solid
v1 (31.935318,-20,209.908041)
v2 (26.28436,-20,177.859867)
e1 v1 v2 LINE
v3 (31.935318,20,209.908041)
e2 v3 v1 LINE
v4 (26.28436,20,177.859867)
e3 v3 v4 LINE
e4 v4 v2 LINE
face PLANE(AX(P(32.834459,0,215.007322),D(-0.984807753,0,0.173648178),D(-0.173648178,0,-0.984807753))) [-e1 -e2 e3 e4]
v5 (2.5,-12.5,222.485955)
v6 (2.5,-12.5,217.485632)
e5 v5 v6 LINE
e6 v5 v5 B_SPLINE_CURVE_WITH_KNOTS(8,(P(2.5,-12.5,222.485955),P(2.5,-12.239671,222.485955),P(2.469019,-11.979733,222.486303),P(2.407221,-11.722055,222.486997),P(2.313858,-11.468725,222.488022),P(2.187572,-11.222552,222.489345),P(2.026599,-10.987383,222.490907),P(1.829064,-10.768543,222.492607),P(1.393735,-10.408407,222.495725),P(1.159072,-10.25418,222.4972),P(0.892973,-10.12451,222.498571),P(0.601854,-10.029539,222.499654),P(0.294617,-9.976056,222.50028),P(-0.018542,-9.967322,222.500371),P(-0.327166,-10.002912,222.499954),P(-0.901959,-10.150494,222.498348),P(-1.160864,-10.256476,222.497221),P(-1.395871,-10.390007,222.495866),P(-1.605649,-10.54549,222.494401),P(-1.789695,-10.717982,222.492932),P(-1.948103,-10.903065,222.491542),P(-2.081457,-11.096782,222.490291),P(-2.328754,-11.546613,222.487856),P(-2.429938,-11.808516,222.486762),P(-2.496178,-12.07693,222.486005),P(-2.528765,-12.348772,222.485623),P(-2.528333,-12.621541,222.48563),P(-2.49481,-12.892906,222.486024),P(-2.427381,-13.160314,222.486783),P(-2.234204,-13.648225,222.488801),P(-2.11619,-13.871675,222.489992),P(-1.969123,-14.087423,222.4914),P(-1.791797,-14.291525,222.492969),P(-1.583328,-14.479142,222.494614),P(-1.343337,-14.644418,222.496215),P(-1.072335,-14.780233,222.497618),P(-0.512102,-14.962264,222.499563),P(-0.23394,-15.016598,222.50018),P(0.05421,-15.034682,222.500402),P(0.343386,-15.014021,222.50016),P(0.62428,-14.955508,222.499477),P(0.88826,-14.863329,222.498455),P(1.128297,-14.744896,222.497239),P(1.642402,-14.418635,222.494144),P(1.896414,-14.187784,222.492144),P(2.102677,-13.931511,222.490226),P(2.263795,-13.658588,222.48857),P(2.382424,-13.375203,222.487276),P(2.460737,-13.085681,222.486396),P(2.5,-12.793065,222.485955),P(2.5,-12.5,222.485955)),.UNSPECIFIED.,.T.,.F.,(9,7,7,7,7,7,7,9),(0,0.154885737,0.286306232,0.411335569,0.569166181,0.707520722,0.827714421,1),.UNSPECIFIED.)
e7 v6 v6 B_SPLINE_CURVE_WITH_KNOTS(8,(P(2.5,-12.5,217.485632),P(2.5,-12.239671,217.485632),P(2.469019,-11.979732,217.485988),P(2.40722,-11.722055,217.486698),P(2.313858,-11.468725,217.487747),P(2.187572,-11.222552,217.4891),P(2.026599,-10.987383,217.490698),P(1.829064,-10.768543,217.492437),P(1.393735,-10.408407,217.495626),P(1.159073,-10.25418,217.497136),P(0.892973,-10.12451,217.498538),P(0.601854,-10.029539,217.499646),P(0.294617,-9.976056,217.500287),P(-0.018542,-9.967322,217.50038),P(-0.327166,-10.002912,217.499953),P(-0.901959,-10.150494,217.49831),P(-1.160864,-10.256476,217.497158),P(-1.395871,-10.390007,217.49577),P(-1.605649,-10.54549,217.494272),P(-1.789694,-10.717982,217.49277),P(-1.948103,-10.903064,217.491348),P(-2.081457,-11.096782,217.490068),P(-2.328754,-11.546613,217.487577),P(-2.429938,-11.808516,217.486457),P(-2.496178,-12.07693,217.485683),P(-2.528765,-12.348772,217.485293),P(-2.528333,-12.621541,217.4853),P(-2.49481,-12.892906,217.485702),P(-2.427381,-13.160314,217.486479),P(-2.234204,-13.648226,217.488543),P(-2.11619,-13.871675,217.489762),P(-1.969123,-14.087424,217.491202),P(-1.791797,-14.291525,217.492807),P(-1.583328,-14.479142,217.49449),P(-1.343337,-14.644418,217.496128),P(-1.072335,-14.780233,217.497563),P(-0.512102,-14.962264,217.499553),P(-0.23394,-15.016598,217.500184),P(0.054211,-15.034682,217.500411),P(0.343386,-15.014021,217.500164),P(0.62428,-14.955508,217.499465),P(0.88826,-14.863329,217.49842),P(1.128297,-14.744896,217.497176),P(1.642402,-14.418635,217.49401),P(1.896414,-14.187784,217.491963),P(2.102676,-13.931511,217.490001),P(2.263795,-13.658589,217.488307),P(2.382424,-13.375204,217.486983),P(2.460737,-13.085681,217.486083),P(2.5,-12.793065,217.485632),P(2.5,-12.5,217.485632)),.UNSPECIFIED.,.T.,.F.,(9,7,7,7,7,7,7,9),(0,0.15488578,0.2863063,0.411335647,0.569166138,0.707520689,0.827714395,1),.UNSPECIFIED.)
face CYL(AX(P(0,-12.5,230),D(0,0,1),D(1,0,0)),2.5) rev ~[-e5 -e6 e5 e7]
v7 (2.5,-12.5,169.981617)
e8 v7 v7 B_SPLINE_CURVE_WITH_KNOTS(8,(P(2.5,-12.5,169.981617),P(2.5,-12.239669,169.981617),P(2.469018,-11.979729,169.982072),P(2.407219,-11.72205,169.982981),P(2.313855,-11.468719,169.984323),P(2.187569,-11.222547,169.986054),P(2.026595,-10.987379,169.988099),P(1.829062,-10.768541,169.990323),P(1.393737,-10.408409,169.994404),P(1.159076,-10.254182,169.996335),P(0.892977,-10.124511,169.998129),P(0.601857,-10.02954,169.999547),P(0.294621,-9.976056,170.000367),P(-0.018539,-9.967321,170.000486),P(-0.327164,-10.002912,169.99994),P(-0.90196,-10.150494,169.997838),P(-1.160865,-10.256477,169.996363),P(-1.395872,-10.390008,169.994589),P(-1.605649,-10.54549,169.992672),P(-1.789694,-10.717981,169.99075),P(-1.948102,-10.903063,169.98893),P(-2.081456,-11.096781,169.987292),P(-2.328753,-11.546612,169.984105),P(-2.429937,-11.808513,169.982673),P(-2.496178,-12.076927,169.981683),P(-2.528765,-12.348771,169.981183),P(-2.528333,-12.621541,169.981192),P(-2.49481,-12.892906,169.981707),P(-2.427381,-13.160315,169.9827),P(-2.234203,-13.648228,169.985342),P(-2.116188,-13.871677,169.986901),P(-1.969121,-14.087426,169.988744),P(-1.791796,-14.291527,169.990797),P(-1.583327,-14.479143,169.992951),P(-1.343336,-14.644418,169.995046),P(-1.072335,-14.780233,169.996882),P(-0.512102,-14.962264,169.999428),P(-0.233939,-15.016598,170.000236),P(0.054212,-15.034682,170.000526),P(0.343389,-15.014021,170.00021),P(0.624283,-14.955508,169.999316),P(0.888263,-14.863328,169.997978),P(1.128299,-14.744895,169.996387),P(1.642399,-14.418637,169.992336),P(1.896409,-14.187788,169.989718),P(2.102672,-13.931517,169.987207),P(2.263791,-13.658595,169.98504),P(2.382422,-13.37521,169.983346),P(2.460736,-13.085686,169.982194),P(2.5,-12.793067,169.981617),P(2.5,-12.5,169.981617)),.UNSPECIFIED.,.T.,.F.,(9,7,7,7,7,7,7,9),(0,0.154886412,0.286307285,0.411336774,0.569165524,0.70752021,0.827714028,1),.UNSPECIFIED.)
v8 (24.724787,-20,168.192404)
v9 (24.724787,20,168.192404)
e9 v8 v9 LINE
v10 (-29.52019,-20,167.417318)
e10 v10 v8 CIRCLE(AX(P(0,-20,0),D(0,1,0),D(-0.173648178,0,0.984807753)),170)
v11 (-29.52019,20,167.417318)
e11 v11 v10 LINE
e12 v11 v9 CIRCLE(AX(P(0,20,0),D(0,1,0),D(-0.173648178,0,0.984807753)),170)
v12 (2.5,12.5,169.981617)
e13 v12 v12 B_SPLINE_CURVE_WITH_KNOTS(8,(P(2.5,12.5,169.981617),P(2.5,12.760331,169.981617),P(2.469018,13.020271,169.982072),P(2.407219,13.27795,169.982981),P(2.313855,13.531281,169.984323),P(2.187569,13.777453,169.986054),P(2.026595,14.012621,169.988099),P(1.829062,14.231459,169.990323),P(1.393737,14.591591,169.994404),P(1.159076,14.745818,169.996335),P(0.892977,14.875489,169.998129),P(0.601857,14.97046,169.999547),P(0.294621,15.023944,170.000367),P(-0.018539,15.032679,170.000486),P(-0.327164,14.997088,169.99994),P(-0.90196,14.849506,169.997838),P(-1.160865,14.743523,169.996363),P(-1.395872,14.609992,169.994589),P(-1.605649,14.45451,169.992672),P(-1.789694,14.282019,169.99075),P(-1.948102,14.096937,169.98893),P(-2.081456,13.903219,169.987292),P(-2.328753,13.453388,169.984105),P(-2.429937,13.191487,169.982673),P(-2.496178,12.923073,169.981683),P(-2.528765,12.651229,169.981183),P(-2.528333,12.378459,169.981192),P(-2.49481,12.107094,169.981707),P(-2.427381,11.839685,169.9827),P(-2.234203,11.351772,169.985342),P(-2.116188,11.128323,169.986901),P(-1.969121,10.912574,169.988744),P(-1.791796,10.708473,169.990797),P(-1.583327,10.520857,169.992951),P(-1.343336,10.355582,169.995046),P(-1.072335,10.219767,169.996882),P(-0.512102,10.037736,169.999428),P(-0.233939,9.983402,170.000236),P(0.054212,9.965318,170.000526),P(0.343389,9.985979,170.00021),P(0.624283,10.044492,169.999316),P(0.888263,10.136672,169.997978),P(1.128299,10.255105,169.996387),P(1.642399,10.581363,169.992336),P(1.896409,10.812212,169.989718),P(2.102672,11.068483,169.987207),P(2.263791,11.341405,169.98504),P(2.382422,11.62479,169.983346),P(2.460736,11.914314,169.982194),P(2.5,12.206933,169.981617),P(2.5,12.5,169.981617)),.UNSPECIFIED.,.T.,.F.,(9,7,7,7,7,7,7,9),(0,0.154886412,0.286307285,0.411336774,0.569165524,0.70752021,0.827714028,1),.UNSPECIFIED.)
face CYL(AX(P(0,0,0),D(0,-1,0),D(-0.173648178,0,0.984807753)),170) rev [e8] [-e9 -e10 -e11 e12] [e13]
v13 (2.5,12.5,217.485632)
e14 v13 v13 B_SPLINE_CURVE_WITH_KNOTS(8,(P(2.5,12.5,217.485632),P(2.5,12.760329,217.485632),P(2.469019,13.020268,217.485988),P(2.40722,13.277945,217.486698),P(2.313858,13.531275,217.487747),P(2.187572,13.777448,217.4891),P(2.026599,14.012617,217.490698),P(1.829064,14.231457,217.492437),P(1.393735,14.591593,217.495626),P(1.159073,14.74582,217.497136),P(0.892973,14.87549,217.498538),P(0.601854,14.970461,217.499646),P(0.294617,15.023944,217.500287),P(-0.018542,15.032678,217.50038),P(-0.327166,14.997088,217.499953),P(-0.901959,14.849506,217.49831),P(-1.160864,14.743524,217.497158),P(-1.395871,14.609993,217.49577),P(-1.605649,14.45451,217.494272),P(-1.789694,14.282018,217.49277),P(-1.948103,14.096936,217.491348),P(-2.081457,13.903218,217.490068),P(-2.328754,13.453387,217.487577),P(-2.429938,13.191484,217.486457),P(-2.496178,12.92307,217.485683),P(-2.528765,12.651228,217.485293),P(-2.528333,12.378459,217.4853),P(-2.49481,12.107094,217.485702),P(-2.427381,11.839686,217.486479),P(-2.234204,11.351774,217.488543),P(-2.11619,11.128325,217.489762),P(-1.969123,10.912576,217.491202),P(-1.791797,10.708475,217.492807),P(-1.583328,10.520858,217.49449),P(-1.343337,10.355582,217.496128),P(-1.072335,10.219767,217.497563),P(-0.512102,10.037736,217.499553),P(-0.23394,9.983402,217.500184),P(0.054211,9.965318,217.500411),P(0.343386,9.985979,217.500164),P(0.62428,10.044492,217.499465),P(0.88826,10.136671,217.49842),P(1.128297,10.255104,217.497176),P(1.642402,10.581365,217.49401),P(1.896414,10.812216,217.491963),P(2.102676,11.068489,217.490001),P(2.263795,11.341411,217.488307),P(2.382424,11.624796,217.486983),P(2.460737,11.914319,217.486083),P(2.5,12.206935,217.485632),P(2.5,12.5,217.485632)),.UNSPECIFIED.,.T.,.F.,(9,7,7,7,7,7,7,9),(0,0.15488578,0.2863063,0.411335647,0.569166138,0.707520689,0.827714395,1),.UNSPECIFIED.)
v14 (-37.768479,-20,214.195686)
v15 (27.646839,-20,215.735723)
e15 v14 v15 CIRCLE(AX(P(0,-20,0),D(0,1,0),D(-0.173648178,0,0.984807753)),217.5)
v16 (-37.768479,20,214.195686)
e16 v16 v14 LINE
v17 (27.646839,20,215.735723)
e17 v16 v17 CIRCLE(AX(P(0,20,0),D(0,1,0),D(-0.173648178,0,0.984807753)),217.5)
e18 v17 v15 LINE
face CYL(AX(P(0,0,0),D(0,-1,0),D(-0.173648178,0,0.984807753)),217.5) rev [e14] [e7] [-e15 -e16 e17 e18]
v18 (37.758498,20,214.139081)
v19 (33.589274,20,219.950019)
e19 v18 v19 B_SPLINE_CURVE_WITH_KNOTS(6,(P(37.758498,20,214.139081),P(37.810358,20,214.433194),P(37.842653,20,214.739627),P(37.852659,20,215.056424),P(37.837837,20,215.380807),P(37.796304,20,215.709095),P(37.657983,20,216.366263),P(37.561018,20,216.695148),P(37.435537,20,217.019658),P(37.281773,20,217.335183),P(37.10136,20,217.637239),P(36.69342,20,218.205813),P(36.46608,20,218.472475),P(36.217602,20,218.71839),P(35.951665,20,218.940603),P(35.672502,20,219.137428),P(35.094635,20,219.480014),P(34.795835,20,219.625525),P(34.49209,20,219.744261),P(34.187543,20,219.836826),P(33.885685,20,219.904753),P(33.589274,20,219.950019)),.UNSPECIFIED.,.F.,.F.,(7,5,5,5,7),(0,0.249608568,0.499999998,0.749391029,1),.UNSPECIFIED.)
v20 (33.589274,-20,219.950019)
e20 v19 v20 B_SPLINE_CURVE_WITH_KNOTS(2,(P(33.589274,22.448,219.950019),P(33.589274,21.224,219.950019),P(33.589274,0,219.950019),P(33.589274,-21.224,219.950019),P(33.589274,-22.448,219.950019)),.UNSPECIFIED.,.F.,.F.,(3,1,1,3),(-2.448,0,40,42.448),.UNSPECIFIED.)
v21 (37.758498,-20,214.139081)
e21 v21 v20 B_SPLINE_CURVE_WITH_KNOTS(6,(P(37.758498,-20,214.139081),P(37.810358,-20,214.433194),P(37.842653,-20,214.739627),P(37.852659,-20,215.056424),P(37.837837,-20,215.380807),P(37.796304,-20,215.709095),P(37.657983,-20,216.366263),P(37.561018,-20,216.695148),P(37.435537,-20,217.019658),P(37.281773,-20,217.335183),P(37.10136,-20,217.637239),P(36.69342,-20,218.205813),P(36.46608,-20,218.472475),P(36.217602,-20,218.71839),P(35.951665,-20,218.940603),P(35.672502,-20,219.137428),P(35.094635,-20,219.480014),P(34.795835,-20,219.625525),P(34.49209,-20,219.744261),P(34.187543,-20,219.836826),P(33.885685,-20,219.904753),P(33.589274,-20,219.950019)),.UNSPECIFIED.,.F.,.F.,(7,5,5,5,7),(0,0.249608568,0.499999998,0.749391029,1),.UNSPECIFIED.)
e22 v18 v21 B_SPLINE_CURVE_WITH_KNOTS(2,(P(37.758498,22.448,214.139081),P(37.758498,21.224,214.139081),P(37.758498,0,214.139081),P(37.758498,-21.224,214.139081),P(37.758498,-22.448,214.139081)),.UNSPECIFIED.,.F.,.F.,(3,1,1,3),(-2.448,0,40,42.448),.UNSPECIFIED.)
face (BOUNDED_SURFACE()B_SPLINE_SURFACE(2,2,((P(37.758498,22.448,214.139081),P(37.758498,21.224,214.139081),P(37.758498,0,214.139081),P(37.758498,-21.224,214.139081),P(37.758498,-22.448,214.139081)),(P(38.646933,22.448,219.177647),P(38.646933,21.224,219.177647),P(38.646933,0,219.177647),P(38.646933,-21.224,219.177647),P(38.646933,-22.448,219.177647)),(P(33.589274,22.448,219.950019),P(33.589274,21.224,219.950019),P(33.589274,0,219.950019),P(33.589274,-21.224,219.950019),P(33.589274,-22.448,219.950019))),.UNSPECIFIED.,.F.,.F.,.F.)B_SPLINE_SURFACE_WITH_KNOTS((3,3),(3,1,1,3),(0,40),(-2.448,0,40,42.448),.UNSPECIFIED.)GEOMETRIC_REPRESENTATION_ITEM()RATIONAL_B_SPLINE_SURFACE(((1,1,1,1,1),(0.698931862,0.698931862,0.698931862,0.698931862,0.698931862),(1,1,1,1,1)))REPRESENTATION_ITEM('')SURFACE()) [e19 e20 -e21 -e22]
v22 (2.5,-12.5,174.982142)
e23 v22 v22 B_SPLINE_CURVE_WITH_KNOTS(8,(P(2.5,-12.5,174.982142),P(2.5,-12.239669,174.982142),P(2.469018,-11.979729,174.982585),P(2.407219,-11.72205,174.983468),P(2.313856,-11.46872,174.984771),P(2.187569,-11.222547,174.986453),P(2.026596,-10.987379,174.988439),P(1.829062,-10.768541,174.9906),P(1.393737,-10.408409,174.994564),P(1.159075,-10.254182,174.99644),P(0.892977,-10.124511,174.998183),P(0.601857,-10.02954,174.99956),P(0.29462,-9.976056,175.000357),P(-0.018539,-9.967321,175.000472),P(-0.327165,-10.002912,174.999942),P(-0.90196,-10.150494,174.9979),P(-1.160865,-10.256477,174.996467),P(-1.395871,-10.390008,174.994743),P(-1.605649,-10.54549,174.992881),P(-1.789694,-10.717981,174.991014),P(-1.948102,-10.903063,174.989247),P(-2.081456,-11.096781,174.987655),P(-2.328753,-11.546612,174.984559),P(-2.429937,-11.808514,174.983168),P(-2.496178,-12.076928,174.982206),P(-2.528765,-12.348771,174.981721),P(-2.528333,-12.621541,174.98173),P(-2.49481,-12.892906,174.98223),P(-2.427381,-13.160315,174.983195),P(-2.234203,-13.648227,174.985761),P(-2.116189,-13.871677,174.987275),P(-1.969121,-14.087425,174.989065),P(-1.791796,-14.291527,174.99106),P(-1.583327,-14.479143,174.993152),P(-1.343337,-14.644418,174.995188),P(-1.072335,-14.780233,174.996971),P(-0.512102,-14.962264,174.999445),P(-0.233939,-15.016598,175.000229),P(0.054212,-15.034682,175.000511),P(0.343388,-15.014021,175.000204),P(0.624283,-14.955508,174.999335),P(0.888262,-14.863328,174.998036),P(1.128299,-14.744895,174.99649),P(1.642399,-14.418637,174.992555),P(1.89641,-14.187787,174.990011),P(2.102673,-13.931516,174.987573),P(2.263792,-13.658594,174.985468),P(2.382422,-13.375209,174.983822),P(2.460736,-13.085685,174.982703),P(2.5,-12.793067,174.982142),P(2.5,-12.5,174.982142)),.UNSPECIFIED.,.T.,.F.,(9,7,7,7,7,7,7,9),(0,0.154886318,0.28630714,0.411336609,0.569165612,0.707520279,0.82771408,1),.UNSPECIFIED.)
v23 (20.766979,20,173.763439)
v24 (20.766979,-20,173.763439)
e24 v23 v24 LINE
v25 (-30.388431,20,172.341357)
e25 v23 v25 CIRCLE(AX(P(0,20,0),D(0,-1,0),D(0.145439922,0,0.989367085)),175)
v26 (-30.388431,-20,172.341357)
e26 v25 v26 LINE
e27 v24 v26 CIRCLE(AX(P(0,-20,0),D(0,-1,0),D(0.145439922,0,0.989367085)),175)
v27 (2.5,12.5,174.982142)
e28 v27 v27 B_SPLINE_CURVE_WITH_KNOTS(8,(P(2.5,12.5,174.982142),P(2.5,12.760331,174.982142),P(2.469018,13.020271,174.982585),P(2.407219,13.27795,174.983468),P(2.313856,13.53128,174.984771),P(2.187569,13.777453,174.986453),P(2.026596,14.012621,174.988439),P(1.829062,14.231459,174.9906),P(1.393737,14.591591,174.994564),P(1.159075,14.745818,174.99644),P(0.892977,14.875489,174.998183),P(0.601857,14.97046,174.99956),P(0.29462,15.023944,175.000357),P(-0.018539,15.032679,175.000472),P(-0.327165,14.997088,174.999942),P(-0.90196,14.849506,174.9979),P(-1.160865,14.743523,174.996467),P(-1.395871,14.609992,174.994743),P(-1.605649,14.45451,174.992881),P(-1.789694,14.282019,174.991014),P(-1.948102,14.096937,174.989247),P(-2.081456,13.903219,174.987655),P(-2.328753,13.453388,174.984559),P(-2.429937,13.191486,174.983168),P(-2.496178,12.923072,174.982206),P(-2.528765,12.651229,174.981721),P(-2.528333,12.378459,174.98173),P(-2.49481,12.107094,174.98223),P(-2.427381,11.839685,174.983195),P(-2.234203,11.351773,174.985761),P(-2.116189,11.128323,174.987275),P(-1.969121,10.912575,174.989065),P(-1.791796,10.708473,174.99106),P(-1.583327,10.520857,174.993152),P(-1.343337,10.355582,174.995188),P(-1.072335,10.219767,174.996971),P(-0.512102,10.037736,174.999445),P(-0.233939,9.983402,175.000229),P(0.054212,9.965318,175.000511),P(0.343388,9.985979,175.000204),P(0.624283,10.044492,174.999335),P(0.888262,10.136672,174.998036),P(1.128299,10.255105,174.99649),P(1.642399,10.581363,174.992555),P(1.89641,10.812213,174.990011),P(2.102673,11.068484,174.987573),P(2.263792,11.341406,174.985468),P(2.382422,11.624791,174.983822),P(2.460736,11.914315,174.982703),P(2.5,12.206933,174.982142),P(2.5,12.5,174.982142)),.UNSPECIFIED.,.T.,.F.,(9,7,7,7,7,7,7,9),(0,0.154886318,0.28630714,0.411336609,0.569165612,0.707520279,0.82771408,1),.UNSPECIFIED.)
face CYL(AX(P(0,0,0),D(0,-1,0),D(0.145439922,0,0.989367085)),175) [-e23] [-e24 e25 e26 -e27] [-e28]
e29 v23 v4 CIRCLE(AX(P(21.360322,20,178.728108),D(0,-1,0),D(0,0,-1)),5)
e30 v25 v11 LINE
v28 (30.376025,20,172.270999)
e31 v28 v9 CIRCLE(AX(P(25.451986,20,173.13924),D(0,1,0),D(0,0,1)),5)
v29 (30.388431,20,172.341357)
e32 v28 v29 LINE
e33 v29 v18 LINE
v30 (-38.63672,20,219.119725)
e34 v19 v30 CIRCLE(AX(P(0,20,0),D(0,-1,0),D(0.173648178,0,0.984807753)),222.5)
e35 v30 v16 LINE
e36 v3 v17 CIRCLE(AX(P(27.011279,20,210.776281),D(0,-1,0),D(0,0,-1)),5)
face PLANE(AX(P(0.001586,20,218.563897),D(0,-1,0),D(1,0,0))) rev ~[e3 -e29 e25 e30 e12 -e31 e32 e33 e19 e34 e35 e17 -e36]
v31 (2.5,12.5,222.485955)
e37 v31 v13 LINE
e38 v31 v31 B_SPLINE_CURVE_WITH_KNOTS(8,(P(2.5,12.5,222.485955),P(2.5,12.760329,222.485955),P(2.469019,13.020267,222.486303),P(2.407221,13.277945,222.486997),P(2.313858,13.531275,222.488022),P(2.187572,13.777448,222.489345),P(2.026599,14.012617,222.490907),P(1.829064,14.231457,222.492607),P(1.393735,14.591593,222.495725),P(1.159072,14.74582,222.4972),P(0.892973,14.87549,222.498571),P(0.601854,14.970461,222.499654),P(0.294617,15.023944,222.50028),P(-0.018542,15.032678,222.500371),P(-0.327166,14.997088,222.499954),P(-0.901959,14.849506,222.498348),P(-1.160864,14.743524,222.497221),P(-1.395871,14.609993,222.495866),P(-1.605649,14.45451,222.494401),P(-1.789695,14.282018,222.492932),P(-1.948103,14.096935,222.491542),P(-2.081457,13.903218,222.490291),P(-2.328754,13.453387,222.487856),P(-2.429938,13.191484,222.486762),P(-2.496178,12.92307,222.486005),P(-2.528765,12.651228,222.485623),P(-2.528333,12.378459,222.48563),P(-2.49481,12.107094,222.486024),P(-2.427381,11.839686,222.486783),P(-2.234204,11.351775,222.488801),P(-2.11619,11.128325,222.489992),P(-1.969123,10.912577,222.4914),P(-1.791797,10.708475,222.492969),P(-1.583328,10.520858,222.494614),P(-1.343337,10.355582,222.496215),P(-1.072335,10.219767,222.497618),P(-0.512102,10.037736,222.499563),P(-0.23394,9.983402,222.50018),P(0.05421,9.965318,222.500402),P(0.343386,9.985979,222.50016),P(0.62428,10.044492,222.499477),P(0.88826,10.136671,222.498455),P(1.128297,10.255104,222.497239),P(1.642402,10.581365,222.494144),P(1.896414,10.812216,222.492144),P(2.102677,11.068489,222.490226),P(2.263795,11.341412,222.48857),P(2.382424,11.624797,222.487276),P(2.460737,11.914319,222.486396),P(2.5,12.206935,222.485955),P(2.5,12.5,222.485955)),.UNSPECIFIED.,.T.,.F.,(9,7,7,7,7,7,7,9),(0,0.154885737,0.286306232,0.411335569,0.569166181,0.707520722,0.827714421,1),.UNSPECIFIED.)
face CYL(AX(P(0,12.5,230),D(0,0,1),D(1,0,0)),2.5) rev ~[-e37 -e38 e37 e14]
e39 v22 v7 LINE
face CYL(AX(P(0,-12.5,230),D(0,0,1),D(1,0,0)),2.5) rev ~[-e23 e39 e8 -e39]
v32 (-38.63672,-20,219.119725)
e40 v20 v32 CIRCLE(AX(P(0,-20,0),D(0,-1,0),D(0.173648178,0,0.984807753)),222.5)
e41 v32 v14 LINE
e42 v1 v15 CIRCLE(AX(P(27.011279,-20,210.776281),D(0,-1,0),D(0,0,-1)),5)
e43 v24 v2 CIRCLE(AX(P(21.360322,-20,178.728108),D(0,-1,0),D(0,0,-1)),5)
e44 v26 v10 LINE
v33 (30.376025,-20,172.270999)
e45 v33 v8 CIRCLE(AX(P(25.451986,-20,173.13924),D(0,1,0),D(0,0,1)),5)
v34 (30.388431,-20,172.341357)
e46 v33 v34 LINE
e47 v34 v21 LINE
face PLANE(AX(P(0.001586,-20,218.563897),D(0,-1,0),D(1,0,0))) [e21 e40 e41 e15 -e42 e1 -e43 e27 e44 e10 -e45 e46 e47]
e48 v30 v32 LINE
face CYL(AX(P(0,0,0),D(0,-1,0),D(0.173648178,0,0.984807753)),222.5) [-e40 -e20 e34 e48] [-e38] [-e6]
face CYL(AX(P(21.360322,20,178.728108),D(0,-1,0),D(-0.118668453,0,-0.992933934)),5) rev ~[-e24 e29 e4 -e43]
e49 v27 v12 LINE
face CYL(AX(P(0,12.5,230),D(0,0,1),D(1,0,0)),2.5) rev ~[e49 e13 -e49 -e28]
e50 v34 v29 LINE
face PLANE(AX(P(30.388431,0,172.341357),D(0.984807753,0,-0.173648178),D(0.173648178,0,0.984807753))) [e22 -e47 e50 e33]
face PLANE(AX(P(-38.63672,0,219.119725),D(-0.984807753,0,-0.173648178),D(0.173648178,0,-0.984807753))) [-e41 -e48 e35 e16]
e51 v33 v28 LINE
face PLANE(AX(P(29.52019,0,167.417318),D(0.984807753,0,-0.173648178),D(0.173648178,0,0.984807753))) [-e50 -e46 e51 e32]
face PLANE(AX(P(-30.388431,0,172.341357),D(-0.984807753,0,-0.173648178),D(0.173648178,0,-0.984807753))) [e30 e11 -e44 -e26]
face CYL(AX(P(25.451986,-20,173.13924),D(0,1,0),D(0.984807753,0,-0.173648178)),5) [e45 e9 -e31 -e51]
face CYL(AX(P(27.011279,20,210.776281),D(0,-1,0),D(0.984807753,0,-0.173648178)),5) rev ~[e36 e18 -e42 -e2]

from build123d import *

# Parameters (mm, degrees)
F1_DEPTH = 20
F2_R     = 5
F4_R     = 2.5
F5_DEPTH = 62.5836819879


with BuildPart() as f1:
    # F0 (on Front) → F1 (new body, symmetric)
    with BuildSketch(Plane.XZ):
        with BuildLine():
            Line((37.7684786426, 214.1956862802), (38.6367195309, 219.1197250452))
            ThreePointArc((38.6367195309, 219.1197250452), (0, 222.5), (-38.6367195309, 219.1197250452))
            Line((-38.6367195309, 219.1197250452), (-37.7684786426, 214.1956862802))
            ThreePointArc((-37.7684786426, 214.1956862802), (-2.5001651855, 217.4856298104), (32.8344587783, 215.0073215422))
            ThreePointArc((32.8344587783, 215.0073215422), (35.3038012268, 214.6156835344), (37.7684786426, 214.1956862802))
        make_face()
        with BuildLine():
            Line((30.3884310917, 172.3413567771), (37.7684786426, 214.1956862802))
            ThreePointArc((37.7684786426, 214.1956862802), (35.3038012268, 214.6156835344), (32.8344587783, 215.0073215422))
            Line((32.8344587783, 215.0073215422), (25.451986353, 173.1392398929))
            ThreePointArc((25.451986353, 173.1392398929), (27.9230587413, 172.7579311943), (30.3884310917, 172.3413567771))
        make_face()
        with BuildLine():
            Line((29.5201902034, 167.4173180121), (30.3884310917, 172.3413567771))
            ThreePointArc((30.3884310917, 172.3413567771), (27.9230587413, 172.7579311943), (25.451986353, 173.1392398929))
            ThreePointArc((25.451986353, 173.1392398929), (-2.5002551932, 174.9821382998), (-30.3884310917, 172.3413567771))
            Line((-30.3884310917, 172.3413567771), (-29.5201902034, 167.4173180121))
            ThreePointArc((-29.5201902034, 167.4173180121), (0, 170), (29.5201902034, 167.4173180121))
        make_face()
    extrude(amount=F1_DEPTH, both=True)

    # F2
    f2_edges = [f1.edges().sort_by_distance(p)[0] for p in [
        (38.63672, 0, 219.119725),
        (32.834459, 0, 215.007322),
        (29.52019, 0, 167.417318),
        (25.451986, 0, 173.13924),
    ]]
    fillet(f2_edges, radius=F2_R)

    # F4 (on offset) → F5 (cut, through all)
    with BuildSketch(Plane.XY.offset(230)):
        with Locations((0, 12.5)):
            Circle(F4_R)
        with Locations((0, -12.5)):
            Circle(F4_R)
    extrude(amount=-F5_DEPTH, mode=Mode.SUBTRACT)


solid = f1.part
